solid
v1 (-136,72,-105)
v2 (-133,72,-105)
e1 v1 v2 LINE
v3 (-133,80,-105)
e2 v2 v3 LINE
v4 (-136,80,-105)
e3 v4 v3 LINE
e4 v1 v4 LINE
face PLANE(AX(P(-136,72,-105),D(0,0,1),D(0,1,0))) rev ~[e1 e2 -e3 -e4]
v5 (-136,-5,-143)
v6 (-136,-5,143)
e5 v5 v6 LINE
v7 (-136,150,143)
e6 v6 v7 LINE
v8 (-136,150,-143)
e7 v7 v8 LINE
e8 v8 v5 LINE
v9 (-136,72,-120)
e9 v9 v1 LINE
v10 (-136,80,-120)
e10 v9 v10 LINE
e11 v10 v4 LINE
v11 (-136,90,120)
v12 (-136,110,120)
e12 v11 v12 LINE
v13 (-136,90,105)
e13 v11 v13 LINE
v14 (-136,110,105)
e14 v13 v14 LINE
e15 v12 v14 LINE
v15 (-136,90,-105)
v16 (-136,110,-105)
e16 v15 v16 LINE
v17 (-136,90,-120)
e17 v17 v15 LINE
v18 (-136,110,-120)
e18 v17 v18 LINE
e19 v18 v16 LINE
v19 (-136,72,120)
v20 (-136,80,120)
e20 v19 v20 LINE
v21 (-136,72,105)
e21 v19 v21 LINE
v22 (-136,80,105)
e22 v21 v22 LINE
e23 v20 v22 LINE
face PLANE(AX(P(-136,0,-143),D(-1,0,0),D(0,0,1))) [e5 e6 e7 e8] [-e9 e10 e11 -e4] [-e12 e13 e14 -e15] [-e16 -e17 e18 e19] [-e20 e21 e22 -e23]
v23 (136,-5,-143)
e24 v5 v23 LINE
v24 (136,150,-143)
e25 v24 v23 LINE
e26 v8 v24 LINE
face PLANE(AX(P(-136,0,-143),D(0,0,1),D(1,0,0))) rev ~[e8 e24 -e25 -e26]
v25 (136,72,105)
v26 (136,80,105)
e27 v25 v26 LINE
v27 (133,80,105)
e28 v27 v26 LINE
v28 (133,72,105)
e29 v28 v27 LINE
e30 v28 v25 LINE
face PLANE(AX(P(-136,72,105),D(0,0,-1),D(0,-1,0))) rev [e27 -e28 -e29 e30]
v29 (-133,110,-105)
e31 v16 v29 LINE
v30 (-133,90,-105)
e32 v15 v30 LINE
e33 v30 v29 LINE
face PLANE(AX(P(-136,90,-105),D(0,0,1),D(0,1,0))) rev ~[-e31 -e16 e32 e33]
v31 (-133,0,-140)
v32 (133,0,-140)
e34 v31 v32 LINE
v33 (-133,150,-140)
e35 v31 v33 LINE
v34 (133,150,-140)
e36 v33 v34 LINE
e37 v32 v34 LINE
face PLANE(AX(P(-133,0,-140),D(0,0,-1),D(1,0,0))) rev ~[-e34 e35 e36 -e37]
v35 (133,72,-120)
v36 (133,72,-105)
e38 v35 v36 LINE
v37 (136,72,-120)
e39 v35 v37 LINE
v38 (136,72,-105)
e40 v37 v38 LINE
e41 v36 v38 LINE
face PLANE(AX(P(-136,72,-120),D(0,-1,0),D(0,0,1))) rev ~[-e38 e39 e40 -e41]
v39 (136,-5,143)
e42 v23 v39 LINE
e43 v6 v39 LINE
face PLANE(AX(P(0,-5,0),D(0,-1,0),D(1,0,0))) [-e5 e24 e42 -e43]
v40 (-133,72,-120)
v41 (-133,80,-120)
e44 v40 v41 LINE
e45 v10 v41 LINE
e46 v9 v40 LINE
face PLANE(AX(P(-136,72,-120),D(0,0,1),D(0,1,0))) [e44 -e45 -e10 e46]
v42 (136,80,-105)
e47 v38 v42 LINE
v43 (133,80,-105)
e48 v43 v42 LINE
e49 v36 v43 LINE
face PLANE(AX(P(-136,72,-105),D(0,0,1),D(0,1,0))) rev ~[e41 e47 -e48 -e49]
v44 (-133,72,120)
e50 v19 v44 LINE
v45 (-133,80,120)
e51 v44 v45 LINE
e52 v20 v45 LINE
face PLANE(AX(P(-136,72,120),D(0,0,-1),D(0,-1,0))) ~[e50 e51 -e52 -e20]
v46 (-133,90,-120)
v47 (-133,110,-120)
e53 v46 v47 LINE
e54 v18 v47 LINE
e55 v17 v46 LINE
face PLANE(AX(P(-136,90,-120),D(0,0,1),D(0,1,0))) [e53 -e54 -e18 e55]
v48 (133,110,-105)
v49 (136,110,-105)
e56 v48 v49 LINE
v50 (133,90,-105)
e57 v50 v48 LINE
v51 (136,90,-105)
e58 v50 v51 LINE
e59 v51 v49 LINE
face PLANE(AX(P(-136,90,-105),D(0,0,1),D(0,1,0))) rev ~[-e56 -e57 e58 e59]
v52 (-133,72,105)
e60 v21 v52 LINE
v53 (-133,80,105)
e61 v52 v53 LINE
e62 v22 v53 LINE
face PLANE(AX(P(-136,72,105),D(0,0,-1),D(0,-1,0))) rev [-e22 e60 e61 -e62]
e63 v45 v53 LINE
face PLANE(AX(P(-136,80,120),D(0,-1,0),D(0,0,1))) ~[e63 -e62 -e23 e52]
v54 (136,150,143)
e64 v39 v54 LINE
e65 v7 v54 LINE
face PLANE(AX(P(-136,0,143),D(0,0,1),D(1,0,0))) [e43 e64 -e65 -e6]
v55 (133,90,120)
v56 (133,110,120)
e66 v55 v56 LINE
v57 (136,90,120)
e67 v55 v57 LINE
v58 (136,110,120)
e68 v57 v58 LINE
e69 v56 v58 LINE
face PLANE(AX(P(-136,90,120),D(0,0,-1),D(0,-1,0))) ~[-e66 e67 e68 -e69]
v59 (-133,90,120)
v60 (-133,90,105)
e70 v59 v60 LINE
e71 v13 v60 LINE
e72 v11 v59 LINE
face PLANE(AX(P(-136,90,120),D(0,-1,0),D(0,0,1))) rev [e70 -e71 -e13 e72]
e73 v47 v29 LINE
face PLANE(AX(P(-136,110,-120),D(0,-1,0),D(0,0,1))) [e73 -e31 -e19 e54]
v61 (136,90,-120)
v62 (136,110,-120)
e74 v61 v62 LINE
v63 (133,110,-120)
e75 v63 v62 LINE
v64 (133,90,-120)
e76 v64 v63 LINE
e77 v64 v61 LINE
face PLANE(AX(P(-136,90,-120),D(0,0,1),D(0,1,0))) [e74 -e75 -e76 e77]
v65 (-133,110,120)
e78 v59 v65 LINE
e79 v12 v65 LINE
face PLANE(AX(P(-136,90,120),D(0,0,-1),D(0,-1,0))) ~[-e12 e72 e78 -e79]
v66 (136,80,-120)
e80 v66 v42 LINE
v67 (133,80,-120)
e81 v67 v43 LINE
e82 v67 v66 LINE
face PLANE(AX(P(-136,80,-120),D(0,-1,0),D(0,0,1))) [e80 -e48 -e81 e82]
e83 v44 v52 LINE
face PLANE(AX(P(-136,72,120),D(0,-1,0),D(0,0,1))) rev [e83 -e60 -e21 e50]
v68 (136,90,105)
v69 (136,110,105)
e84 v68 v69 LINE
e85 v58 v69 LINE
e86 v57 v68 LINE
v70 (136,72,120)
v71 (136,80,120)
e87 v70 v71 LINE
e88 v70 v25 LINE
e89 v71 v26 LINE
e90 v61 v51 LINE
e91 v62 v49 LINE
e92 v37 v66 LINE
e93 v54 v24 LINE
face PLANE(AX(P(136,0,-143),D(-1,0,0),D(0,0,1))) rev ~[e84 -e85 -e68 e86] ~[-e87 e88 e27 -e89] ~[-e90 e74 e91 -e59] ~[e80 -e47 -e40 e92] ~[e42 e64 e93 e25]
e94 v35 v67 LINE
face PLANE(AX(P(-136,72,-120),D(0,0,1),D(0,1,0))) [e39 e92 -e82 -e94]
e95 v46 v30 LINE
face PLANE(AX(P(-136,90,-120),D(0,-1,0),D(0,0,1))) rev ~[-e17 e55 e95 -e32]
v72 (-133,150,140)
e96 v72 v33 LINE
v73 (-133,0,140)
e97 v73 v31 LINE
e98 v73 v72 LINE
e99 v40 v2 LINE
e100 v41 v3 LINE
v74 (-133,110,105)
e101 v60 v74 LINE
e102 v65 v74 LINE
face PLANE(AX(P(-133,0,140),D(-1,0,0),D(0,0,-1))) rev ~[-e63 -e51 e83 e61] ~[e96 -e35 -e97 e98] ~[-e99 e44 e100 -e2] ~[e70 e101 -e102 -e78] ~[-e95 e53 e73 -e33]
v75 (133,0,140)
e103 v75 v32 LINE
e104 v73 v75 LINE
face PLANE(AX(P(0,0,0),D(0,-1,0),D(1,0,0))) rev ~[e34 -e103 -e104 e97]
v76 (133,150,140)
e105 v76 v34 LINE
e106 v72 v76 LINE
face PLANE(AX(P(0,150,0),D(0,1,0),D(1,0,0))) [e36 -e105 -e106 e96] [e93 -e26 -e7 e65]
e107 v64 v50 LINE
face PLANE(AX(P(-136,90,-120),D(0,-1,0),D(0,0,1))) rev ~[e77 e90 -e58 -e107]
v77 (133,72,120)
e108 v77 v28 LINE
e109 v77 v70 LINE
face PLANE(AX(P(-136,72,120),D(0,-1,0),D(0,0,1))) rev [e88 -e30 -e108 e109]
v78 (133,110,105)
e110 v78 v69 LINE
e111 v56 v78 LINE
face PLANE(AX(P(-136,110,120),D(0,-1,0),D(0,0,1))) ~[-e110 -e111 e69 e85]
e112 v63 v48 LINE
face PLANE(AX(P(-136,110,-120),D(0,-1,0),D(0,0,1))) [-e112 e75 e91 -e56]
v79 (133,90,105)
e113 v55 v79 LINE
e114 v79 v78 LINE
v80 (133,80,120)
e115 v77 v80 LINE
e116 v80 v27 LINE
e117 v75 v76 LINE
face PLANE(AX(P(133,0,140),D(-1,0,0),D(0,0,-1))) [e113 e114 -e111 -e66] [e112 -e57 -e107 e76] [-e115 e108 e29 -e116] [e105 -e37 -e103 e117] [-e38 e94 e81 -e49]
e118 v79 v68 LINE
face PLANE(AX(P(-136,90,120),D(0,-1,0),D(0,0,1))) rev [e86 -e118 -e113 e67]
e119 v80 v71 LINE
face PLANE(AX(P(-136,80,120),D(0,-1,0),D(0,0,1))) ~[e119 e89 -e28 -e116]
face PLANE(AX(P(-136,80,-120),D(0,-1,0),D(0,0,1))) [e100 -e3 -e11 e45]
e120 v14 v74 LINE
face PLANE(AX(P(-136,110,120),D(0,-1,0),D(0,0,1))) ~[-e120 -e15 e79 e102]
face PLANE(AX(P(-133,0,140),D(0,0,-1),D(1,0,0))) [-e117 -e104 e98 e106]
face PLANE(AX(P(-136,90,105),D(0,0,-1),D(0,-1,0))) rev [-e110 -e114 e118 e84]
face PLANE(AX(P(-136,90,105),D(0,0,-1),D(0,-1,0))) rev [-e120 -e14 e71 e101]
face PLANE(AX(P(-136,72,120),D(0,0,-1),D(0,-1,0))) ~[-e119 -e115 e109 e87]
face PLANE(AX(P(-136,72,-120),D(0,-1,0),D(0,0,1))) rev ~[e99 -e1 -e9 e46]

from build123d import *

# Parameters (mm, degrees)
SKETCH_1_W          = 272
SKETCH_1_H          = 286
SKETCH_1_W_2        = 266
SKETCH_1_H_2        = 280
EXTRUDE_1_DEPTH     = 150
SKETCH_2_W          = 272
SKETCH_2_H          = 286
EXTRUDE_2_DEPTH     = 5
SKETCH_3_W          = 15
SKETCH_3_H          = 8
SKETCH_3_H_2        = 20
CUT_EXTRUDE_1_DEPTH = 342.954675359


with BuildPart() as part:
    # 草圖1 → 填料-伸長1 (new body)
    with BuildSketch(Plane(origin=(0, 0, 0), x_dir=(1, 0, 0), z_dir=(0, 1, 0))):
        Rectangle(SKETCH_1_W, SKETCH_1_H)
        Rectangle(SKETCH_1_W_2, SKETCH_1_H_2, mode=Mode.SUBTRACT)
    extrude(amount=EXTRUDE_1_DEPTH)

    # 草圖2 → 填料-伸長2 (add)
    with BuildSketch(Plane.XZ):
        Rectangle(SKETCH_2_W, SKETCH_2_H)
    extrude(amount=EXTRUDE_2_DEPTH)

    # 草圖3 → 除料-伸長1 (cut, through all)
    with BuildSketch(Plane.ZY.offset(136)):
        with Locations((-112.5, 76)):
            Rectangle(SKETCH_3_W, SKETCH_3_H)
        with Locations((-112.5, 100)):
            Rectangle(SKETCH_3_W, SKETCH_3_H_2)
    cut_extrude_1 = extrude(amount=-CUT_EXTRUDE_1_DEPTH, mode=Mode.SUBTRACT)

    # 鏡射1: 除料-伸長1 across plane
    add(cut_extrude_1.mirror(Plane.XY), mode=Mode.SUBTRACT)


solid = part.part
